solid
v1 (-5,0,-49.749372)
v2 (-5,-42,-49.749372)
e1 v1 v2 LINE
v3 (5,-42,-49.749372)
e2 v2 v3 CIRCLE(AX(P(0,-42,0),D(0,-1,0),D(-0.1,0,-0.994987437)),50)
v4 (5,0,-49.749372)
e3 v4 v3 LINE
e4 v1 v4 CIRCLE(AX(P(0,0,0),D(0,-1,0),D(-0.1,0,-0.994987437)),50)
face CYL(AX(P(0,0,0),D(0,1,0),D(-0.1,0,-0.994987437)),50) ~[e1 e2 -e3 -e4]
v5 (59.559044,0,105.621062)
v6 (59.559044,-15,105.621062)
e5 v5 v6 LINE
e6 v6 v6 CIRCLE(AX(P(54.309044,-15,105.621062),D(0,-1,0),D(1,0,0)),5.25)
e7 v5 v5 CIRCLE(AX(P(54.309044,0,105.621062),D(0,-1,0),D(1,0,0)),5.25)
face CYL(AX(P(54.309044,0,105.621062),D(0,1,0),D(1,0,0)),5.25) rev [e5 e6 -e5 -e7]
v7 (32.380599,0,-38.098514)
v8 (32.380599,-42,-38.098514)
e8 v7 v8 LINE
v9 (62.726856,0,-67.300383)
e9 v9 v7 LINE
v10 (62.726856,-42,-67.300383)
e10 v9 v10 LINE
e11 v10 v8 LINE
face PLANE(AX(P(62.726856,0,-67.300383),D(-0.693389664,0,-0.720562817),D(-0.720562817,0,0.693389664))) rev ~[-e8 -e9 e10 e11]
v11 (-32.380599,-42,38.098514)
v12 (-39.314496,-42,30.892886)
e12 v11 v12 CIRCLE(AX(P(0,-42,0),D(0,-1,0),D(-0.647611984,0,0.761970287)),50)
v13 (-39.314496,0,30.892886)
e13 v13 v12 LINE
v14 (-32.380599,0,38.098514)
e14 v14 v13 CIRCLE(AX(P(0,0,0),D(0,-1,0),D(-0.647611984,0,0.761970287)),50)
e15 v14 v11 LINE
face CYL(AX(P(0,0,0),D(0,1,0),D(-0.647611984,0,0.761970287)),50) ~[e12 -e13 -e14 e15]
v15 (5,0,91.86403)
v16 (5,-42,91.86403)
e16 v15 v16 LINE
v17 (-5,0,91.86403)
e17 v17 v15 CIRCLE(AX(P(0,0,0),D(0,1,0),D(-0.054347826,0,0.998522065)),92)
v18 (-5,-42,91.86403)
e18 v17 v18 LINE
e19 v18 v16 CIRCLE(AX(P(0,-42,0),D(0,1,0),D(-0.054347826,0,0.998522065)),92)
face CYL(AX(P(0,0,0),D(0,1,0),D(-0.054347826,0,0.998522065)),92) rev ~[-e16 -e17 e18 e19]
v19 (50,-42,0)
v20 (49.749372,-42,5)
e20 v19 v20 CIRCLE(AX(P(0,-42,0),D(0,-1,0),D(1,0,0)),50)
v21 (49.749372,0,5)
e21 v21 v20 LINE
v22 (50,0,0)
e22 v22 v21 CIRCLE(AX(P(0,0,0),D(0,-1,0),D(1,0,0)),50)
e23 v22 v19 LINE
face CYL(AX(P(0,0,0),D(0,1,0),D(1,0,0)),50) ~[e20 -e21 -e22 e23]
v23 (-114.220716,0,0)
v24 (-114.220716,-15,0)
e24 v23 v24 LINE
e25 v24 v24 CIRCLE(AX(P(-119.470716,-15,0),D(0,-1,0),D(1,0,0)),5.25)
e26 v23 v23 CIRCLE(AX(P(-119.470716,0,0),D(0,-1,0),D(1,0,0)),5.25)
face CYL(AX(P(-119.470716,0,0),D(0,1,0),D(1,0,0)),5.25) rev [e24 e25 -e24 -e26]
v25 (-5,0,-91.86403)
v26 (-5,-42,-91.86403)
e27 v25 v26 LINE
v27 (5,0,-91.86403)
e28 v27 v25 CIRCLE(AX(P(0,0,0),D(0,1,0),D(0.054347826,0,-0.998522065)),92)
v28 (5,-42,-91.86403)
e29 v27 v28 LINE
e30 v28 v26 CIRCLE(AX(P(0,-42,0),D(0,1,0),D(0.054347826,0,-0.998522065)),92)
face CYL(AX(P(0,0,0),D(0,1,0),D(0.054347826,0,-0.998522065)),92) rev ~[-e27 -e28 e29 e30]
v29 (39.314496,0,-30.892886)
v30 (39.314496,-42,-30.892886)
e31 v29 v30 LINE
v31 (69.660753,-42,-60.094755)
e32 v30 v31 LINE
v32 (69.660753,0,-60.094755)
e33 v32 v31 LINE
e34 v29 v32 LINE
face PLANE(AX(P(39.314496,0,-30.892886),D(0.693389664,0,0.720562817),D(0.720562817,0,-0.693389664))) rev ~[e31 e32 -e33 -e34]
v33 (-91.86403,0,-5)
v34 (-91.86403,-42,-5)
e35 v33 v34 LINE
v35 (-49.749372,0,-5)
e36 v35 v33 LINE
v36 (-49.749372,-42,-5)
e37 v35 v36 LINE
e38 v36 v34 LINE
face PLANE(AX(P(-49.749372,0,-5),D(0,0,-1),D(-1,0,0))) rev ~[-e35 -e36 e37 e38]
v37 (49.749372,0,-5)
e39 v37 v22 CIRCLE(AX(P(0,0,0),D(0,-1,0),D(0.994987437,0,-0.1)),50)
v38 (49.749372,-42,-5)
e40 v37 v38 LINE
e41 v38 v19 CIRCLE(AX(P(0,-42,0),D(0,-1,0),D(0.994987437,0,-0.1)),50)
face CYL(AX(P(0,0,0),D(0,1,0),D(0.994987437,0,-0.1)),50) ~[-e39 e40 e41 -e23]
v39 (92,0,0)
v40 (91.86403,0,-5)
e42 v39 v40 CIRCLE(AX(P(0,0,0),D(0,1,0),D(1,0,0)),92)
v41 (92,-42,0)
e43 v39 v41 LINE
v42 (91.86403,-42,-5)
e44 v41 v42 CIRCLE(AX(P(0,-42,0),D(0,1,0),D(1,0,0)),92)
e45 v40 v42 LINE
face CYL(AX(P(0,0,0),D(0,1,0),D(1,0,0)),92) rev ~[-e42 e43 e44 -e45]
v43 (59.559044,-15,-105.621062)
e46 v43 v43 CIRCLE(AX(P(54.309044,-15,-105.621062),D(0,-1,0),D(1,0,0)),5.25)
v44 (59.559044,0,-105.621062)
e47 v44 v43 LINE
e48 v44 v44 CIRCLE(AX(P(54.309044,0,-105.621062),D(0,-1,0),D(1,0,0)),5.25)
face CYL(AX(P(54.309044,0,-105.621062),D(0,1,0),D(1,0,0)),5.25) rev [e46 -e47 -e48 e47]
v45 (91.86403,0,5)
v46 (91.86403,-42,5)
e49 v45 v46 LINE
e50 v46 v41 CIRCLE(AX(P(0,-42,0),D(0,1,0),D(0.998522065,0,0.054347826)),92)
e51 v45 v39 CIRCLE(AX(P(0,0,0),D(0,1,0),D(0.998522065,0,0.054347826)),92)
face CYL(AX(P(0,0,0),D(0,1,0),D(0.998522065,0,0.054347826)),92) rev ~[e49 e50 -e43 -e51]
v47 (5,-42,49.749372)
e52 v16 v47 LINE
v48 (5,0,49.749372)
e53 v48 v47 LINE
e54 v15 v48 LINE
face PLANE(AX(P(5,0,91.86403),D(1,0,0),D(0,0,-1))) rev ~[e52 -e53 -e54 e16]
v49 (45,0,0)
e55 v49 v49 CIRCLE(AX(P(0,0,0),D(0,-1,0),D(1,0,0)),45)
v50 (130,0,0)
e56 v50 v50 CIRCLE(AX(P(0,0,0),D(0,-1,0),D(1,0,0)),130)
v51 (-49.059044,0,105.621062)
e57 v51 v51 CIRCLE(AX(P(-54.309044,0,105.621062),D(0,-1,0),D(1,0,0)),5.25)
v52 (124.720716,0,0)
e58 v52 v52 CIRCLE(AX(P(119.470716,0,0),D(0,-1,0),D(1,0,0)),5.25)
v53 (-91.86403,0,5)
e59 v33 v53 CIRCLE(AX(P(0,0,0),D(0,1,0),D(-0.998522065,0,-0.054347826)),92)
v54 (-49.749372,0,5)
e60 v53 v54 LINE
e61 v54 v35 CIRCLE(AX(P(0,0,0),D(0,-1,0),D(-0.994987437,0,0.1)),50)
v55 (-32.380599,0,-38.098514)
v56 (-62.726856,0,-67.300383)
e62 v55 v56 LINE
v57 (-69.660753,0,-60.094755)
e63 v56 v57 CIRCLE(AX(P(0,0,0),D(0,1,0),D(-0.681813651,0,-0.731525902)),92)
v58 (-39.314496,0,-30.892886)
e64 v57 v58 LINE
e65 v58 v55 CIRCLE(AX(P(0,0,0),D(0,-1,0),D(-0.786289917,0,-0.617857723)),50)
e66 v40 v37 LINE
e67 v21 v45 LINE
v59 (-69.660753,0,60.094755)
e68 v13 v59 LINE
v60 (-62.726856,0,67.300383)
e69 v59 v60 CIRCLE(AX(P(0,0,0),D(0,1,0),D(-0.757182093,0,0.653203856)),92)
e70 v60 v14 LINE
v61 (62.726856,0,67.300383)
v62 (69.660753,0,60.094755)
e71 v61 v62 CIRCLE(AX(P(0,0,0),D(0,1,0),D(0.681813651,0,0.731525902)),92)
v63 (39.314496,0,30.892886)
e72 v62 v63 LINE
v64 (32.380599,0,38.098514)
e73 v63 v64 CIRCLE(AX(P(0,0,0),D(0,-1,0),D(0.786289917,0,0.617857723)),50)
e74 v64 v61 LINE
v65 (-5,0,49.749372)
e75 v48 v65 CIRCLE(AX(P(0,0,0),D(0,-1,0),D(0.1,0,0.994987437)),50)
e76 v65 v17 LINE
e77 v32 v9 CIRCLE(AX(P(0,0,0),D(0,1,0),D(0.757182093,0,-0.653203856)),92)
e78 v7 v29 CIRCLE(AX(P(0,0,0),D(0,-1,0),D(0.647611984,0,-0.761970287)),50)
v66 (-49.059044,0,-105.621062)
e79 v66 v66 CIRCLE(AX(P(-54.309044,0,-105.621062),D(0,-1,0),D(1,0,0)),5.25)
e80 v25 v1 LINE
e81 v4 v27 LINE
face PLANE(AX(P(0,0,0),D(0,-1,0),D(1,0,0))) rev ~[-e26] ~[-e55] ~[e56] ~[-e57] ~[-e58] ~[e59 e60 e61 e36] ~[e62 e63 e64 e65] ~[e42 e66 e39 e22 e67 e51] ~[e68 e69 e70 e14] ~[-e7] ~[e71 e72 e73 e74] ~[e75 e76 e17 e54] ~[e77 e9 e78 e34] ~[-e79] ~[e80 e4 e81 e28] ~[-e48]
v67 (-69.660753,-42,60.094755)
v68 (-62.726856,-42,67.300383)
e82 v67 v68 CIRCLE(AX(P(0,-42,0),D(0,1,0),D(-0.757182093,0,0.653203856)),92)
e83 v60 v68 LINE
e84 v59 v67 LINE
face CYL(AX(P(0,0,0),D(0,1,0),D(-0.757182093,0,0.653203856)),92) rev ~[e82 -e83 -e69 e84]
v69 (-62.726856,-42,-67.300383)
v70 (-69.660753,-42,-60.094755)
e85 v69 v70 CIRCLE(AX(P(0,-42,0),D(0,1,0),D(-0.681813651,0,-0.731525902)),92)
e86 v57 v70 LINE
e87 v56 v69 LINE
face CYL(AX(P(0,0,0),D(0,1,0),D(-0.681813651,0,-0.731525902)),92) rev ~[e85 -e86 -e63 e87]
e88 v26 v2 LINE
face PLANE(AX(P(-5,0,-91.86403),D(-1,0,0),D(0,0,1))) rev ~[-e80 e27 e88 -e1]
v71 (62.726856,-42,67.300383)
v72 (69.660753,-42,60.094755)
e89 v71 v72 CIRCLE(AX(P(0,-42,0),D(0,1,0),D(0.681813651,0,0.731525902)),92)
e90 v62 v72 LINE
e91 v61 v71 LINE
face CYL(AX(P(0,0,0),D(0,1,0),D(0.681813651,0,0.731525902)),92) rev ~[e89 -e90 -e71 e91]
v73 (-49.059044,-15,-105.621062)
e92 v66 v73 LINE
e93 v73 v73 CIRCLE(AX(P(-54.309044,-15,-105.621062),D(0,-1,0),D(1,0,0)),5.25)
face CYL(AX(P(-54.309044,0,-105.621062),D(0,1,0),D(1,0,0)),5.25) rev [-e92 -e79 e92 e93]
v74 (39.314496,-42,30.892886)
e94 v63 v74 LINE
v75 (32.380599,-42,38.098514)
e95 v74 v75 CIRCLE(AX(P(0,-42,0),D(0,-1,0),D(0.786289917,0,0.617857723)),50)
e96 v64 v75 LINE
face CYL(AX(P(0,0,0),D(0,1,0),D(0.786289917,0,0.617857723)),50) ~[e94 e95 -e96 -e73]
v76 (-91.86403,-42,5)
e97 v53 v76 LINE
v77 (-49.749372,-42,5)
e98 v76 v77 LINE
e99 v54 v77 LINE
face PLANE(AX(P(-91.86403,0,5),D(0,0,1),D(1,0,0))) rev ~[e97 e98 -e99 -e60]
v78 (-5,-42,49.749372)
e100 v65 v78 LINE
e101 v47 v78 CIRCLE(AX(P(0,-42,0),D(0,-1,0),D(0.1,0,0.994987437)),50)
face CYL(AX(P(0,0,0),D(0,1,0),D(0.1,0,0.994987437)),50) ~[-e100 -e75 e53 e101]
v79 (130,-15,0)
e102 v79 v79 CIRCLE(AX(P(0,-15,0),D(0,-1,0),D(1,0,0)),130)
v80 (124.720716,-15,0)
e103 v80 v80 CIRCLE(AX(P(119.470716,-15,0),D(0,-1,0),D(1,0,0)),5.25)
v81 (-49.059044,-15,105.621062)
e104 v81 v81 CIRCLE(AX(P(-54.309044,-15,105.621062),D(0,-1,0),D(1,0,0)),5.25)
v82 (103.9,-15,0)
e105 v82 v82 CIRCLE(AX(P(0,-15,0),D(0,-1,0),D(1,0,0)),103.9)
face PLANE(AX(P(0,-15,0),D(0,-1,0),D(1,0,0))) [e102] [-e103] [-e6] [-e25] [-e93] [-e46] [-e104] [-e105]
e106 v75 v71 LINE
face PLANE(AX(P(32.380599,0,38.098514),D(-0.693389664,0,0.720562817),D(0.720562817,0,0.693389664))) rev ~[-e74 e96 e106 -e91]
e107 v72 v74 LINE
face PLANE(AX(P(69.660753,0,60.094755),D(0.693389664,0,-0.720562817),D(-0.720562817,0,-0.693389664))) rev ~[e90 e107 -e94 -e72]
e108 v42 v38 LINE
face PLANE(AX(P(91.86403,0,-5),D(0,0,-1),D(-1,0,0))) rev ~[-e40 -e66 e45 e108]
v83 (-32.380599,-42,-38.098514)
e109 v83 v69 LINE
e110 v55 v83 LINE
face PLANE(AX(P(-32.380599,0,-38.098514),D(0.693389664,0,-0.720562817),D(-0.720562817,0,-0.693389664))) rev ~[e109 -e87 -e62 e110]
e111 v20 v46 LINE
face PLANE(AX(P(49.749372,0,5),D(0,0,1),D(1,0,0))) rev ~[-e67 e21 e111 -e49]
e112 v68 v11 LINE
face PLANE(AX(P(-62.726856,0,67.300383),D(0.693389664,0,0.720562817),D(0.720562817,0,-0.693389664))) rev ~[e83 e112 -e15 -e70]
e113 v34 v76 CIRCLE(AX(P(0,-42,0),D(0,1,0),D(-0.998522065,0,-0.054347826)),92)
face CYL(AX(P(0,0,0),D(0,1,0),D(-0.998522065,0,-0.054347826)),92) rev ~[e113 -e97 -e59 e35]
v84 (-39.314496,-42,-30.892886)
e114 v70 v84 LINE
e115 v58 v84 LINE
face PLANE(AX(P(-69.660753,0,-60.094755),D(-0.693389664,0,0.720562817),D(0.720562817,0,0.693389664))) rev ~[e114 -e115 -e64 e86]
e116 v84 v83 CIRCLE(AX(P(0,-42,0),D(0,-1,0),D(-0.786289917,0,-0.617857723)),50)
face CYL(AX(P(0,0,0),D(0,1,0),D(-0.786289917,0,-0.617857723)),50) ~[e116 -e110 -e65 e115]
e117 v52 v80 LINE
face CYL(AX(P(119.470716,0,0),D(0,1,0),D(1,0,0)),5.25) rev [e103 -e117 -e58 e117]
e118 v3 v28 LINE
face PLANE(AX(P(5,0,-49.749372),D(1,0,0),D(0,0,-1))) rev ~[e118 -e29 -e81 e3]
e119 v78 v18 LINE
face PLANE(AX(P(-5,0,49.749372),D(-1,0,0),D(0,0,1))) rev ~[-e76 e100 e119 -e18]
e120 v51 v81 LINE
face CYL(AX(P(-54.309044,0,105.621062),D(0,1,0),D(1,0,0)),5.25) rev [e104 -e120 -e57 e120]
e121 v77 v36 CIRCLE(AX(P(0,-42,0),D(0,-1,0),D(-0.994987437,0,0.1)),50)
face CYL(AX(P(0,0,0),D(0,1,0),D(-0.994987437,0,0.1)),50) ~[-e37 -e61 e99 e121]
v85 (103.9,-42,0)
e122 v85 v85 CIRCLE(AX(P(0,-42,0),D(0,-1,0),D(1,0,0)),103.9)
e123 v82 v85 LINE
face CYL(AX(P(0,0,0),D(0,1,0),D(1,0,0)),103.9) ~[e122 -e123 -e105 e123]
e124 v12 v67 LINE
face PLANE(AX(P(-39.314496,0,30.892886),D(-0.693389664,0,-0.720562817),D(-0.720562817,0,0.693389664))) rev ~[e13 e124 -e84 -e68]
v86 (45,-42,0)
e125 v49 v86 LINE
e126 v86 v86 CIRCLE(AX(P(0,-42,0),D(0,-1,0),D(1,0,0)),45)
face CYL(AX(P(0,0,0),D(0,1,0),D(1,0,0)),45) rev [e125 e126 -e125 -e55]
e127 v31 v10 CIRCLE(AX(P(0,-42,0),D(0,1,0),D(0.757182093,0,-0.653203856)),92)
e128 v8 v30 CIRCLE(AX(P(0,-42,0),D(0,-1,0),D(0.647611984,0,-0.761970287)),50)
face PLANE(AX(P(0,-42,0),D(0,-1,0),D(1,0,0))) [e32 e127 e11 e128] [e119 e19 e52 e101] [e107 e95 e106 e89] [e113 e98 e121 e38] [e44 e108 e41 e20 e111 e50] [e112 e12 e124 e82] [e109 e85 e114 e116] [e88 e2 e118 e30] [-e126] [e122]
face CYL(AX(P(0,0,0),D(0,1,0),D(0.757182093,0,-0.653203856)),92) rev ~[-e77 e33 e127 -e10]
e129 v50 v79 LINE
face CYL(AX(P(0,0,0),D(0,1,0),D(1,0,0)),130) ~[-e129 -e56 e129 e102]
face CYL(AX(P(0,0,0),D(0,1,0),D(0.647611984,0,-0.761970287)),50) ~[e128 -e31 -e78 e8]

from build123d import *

# Parameters (mm, degrees)
F0_R     = 130
F0_R_2   = 5.25
F0_R_3   = 103.9
F1_DEPTH = 15
F0_R_4   = 95
F0_R_5   = 45
F2_DEPTH = 42


with BuildPart() as f1:
    # F0 (on Front) → F1 (new body)
    with BuildSketch(Plane.XZ):
        Circle(F0_R)
        with Locations((-54.3090440333, -105.6210622191)):
            Circle(F0_R_2, mode=Mode.SUBTRACT)
        with Locations((54.3090440333, -105.6210622191)):
            Circle(F0_R_2, mode=Mode.SUBTRACT)
        with Locations((-119.4707155228, 0)):
            Circle(F0_R_2, mode=Mode.SUBTRACT)
        with Locations((-54.3090440333, 105.6210622191)):
            Circle(F0_R_2, mode=Mode.SUBTRACT)
        Circle(F0_R_3, mode=Mode.SUBTRACT)
        with Locations((119.4707155228, 0)):
            Circle(F0_R_2, mode=Mode.SUBTRACT)
        with Locations((54.3090440333, 105.6210622191)):
            Circle(F0_R_2, mode=Mode.SUBTRACT)
    extrude(amount=F1_DEPTH)

    # F0 (on Front) → F2 (join)
    with BuildSketch(Plane.XZ):
        Circle(F0_R_3)
        Circle(F0_R_4, mode=Mode.SUBTRACT)
        Circle(F0_R_4)
        with BuildLine():
            ThreePointArc((69.6607525504, 60.094754797), (85.33124775, 34.3886341314), (91.8640299573, 5))
            ThreePointArc((91.8640299573, 5), (91.9660012072, 2.5009242218), (92, 0))
            ThreePointArc((92, 0), (91.9660012072, -2.5009242218), (91.8640299573, -5))
            ThreePointArc((91.8640299573, -5), (85.33124775, -34.3886341314), (69.6607525504, -60.094754797))
            ThreePointArc((69.6607525504, -60.094754797), (66.2917791865, -63.7918491054), (62.7268559085, -67.3003829694))
            ThreePointArc((62.7268559085, -67.3003829694), (36.0218675411, -84.6547403212), (5, -91.8640299573))
            ThreePointArc((5, -91.8640299573), (0, -92), (-5, -91.8640299573))
            ThreePointArc((-5, -91.8640299573), (-36.0218675411, -84.6547403212), (-62.7268559085, -67.3003829694))
            ThreePointArc((-62.7268559085, -67.3003829694), (-66.2917791865, -63.7918491054), (-69.6607525504, -60.094754797))
            ThreePointArc((-69.6607525504, -60.094754797), (-85.33124775, -34.3886341314), (-91.8640299573, -5))
            ThreePointArc((-91.8640299573, -5), (-92, 0), (-91.8640299573, 5))
            ThreePointArc((-91.8640299573, 5), (-85.33124775, 34.3886341314), (-69.6607525504, 60.094754797))
            ThreePointArc((-69.6607525504, 60.094754797), (-66.2917791865, 63.7918491054), (-62.7268559085, 67.3003829694))
            ThreePointArc((-62.7268559085, 67.3003829694), (-36.0218675411, 84.6547403212), (-5, 91.8640299573))
            ThreePointArc((-5, 91.8640299573), (0, 92), (5, 91.8640299573))
            ThreePointArc((5, 91.8640299573), (36.0218675411, 84.6547403212), (62.7268559085, 67.3003829694))
            ThreePointArc((62.7268559085, 67.3003829694), (66.2917791865, 63.7918491054), (69.6607525504, 60.094754797))
        make_face(mode=Mode.SUBTRACT)
        with BuildLine():
            ThreePointArc((49.7493718553, -5), (49.9373036555, -2.503138753), (50, 0))
            ThreePointArc((50, 0), (49.9373036555, 2.503138753), (49.7493718553, 5))
            ThreePointArc((49.7493718553, 5), (46.375678125, 18.6894750714), (39.3144958612, 30.8928861582))
            ThreePointArc((39.3144958612, 30.8928861582), (36.0281408622, 34.6694832095), (32.3805992193, 38.0985143306))
            ThreePointArc((32.3805992193, 38.0985143306), (19.5771019245, 46.0080110441), (5, 49.7493718553))
            ThreePointArc((5, 49.7493718553), (0, 50), (-5, 49.7493718553))
            ThreePointArc((-5, 49.7493718553), (-19.5771019245, 46.0080110441), (-32.3805992193, 38.0985143306))
            ThreePointArc((-32.3805992193, 38.0985143306), (-36.0281408622, 34.6694832095), (-39.3144958612, 30.8928861582))
            ThreePointArc((-39.3144958612, 30.8928861582), (-46.375678125, 18.6894750714), (-49.7493718553, 5))
            ThreePointArc((-49.7493718553, 5), (-50, 0), (-49.7493718553, -5))
            ThreePointArc((-49.7493718553, -5), (-46.375678125, -18.6894750714), (-39.3144958612, -30.8928861582))
            ThreePointArc((-39.3144958612, -30.8928861582), (-36.0281408622, -34.6694832095), (-32.3805992193, -38.0985143306))
            ThreePointArc((-32.3805992193, -38.0985143306), (-19.5771019245, -46.0080110441), (-5, -49.7493718553))
            ThreePointArc((-5, -49.7493718553), (0, -50), (5, -49.7493718553))
            ThreePointArc((5, -49.7493718553), (19.5771019245, -46.0080110441), (32.3805992193, -38.0985143306))
            ThreePointArc((32.3805992193, -38.0985143306), (36.0281408622, -34.6694832095), (39.3144958612, -30.8928861582))
            ThreePointArc((39.3144958612, -30.8928861582), (46.375678125, -18.6894750714), (49.7493718553, -5))
        make_face()
        Circle(F0_R_5, mode=Mode.SUBTRACT)
        with BuildLine():
            ThreePointArc((5, 49.7493718553), (19.5771019245, 46.0080110441), (32.3805992193, 38.0985143306))
            Line((32.3805992193, 38.0985143306), (62.7268559085, 67.3003829694))
            ThreePointArc((62.7268559085, 67.3003829694), (36.0218675411, 84.6547403212), (5, 91.8640299573))
            Line((5, 91.8640299573), (5, 49.7493718553))
        make_face()
        with BuildLine():
            ThreePointArc((-32.3805992193, 38.0985143306), (-19.5771019245, 46.0080110441), (-5, 49.7493718553))
            Line((-5, 49.7493718553), (-5, 91.8640299573))
            ThreePointArc((-5, 91.8640299573), (-36.0218675411, 84.6547403212), (-62.7268559085, 67.3003829694))
            Line((-62.7268559085, 67.3003829694), (-32.3805992193, 38.0985143306))
        make_face()
        with BuildLine():
            Line((-5, -91.8640299573), (-5, -49.7493718553))
            ThreePointArc((-5, -49.7493718553), (-19.5771019245, -46.0080110441), (-32.3805992193, -38.0985143306))
            Line((-32.3805992193, -38.0985143306), (-62.7268559085, -67.3003829694))
            ThreePointArc((-62.7268559085, -67.3003829694), (-36.0218675411, -84.6547403212), (-5, -91.8640299573))
        make_face()
        with BuildLine():
            Line((62.7268559085, -67.3003829694), (32.3805992193, -38.0985143306))
            ThreePointArc((32.3805992193, -38.0985143306), (19.5771019245, -46.0080110441), (5, -49.7493718553))
            Line((5, -49.7493718553), (5, -91.8640299573))
            ThreePointArc((5, -91.8640299573), (36.0218675411, -84.6547403212), (62.7268559085, -67.3003829694))
        make_face()
        with BuildLine():
            ThreePointArc((39.3144958612, 30.8928861582), (46.375678125, 18.6894750714), (49.7493718553, 5))
            Line((49.7493718553, 5), (91.8640299573, 5))
            ThreePointArc((91.8640299573, 5), (85.33124775, 34.3886341314), (69.6607525504, 60.094754797))
            Line((69.6607525504, 60.094754797), (39.3144958612, 30.8928861582))
        make_face()
        with BuildLine():
            ThreePointArc((-49.7493718553, 5), (-46.375678125, 18.6894750714), (-39.3144958612, 30.8928861582))
            Line((-39.3144958612, 30.8928861582), (-69.6607525504, 60.094754797))
            ThreePointArc((-69.6607525504, 60.094754797), (-85.33124775, 34.3886341314), (-91.8640299573, 5))
            Line((-91.8640299573, 5), (-49.7493718553, 5))
        make_face()
        with BuildLine():
            Line((-69.6607525504, -60.094754797), (-39.3144958612, -30.8928861582))
            ThreePointArc((-39.3144958612, -30.8928861582), (-46.375678125, -18.6894750714), (-49.7493718553, -5))
            Line((-49.7493718553, -5), (-91.8640299573, -5))
            ThreePointArc((-91.8640299573, -5), (-85.33124775, -34.3886341314), (-69.6607525504, -60.094754797))
        make_face()
        with BuildLine():
            Line((91.8640299573, -5), (49.7493718553, -5))
            ThreePointArc((49.7493718553, -5), (46.375678125, -18.6894750714), (39.3144958612, -30.8928861582))
            Line((39.3144958612, -30.8928861582), (69.6607525504, -60.094754797))
            ThreePointArc((69.6607525504, -60.094754797), (85.33124775, -34.3886341314), (91.8640299573, -5))
        make_face()
    extrude(amount=F2_DEPTH)


solid = f1.part
